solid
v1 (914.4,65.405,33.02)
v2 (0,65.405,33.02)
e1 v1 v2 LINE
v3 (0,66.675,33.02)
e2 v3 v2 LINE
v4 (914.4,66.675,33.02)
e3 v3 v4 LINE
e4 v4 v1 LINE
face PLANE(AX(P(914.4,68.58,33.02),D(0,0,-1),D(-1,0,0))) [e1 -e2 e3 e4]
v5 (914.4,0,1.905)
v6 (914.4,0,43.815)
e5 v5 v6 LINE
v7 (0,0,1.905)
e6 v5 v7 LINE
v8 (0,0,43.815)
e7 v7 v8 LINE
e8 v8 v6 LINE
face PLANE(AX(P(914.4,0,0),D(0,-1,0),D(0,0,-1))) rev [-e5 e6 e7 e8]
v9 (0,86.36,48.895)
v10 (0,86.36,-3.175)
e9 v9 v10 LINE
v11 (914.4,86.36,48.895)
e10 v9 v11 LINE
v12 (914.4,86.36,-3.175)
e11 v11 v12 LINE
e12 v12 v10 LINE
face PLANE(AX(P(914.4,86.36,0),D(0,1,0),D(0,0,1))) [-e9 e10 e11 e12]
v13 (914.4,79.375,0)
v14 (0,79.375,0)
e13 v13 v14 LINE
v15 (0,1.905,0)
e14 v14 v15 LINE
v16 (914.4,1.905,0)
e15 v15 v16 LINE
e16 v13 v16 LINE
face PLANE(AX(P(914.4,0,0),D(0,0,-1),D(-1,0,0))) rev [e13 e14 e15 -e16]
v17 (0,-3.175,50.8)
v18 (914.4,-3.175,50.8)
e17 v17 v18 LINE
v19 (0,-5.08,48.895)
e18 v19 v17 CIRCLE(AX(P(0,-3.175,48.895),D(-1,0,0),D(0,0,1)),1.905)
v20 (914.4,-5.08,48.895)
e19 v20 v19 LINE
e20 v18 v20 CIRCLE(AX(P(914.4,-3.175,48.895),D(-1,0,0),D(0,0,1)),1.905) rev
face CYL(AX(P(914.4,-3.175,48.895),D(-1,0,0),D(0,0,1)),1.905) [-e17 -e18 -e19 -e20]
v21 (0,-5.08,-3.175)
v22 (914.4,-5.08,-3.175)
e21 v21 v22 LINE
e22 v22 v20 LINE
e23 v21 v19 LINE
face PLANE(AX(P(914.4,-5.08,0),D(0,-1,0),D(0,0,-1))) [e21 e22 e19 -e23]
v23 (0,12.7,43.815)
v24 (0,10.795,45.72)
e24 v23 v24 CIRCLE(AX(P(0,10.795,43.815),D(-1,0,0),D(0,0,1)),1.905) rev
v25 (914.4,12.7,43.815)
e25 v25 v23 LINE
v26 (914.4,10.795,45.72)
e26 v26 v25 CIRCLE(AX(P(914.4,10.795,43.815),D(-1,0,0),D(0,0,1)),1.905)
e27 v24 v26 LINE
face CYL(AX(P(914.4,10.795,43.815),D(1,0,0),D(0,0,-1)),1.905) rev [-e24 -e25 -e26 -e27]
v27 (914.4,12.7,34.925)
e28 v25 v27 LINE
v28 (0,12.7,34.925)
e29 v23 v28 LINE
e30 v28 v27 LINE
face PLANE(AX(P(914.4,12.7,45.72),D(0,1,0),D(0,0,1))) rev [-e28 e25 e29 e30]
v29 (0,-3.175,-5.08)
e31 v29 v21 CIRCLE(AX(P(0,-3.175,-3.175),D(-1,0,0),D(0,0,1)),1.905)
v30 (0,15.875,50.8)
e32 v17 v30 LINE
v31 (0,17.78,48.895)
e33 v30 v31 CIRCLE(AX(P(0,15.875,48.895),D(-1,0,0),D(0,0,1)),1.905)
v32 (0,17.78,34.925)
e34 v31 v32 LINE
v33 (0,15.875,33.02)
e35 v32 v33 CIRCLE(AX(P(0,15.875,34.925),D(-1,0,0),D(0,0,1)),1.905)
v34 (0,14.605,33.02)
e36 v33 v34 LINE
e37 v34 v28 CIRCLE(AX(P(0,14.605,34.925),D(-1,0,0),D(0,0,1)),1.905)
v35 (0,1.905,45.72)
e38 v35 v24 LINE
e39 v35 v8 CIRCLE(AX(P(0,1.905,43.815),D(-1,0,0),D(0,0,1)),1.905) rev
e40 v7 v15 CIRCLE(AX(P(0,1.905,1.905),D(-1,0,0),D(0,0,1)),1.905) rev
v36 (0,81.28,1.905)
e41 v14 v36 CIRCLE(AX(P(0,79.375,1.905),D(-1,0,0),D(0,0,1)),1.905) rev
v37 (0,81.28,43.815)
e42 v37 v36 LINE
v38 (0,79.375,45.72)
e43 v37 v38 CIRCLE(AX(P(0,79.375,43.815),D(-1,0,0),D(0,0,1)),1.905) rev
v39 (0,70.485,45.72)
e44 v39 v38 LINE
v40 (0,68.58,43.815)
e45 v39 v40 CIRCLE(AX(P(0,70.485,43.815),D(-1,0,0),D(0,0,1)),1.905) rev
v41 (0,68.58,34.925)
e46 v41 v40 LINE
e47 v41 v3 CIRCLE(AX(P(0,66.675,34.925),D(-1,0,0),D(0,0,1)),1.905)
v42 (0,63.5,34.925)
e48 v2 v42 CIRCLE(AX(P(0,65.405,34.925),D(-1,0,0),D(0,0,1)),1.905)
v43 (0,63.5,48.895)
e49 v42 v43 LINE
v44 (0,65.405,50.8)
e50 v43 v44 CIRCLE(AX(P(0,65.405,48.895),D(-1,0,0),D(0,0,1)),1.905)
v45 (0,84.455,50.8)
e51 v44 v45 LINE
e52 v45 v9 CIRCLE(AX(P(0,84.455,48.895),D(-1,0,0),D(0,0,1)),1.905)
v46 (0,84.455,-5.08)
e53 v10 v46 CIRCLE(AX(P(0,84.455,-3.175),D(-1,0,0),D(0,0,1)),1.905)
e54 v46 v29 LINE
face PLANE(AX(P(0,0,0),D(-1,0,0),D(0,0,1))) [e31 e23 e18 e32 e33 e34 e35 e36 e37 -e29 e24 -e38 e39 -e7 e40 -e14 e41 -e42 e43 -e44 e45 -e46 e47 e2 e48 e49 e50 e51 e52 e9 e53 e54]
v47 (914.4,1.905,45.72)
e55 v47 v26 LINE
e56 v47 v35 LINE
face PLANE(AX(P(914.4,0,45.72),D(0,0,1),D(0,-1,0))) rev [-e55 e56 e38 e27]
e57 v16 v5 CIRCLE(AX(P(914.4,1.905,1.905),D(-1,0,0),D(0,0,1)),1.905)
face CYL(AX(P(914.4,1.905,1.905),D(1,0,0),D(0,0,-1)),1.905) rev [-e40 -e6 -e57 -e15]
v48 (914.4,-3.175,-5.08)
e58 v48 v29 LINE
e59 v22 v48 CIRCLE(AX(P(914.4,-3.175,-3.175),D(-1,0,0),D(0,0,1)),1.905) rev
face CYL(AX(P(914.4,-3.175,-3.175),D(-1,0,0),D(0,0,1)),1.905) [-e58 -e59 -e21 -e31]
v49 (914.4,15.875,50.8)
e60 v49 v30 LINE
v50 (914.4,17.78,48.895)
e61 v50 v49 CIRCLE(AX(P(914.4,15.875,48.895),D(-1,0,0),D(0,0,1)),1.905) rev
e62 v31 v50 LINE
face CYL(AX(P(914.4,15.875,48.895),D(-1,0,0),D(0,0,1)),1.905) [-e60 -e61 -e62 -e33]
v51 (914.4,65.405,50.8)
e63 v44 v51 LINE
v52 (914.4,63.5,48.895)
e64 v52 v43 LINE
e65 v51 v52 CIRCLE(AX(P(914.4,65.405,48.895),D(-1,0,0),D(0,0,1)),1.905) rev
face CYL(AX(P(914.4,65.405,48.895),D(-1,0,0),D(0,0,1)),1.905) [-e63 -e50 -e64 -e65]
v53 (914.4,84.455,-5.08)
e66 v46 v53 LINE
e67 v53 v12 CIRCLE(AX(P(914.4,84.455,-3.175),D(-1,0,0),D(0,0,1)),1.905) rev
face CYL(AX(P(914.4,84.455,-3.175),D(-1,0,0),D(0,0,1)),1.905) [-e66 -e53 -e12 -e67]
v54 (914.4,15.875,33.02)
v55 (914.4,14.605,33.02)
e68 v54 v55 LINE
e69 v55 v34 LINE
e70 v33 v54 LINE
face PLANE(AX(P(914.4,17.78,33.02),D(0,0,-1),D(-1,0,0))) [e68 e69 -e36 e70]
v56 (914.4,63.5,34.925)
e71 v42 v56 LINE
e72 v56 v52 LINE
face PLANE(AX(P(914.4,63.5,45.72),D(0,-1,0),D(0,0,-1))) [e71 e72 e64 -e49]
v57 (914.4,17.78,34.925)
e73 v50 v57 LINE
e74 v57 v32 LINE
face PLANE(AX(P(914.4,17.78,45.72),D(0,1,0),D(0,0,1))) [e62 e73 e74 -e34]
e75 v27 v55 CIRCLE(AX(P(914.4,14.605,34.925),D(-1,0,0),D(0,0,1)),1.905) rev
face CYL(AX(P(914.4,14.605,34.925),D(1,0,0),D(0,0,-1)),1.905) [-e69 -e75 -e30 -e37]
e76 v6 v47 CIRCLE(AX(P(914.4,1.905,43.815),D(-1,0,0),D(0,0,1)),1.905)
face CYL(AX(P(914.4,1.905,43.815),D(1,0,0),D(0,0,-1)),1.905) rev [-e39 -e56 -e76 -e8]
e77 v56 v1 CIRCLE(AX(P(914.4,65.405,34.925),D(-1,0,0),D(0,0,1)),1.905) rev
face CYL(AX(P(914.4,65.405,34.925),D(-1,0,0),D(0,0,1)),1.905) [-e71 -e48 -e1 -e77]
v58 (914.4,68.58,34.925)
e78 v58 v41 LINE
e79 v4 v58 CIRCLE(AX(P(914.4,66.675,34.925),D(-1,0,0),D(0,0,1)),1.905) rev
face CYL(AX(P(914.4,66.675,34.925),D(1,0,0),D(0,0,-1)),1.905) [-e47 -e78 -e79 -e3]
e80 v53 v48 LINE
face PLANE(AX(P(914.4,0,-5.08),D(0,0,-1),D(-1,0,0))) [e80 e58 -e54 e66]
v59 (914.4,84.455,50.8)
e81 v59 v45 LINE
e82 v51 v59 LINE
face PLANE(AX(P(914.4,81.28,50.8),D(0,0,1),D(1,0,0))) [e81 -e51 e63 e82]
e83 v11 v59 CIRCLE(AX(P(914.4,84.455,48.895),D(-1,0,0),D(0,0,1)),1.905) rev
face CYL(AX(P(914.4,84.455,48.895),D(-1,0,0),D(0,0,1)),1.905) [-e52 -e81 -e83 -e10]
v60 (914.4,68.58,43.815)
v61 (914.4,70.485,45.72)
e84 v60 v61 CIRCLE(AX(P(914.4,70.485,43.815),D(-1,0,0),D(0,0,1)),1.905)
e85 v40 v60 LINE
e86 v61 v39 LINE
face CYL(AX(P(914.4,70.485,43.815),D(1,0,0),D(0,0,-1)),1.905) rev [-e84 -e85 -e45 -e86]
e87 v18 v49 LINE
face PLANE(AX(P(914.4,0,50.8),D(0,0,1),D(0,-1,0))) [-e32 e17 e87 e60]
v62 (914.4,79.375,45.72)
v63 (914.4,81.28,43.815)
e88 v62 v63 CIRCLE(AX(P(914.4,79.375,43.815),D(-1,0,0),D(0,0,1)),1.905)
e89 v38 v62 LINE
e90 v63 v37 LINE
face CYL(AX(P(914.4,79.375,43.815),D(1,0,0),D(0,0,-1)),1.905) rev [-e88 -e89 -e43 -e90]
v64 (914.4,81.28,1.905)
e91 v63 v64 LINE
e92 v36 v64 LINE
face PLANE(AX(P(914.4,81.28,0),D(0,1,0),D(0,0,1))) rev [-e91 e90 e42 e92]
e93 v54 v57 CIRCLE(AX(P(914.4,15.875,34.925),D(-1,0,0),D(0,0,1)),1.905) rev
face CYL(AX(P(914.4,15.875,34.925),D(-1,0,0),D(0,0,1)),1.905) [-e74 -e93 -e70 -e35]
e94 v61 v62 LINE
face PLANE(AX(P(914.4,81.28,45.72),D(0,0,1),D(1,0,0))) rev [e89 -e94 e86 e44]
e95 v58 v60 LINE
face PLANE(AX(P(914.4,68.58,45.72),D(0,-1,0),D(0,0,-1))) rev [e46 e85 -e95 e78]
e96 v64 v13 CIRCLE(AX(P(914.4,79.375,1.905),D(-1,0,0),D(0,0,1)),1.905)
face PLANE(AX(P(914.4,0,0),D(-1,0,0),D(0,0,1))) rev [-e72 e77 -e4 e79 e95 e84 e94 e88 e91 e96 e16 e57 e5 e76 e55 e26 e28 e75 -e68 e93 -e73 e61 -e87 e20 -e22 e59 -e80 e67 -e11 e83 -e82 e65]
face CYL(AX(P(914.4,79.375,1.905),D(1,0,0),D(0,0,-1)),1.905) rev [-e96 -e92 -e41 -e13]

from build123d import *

# Parameters (mm, degrees)
EXTRUDE_THIN1_DEPTH = 914.4
FILLET1_R           = 1.905


with BuildPart() as part:
    # Sketch1 → Extrude-Thin1 (new body)
    with BuildSketch(Plane(origin=(0, 0, 0), x_dir=(0, 0, -1), z_dir=(1, 0, 0))):
        Polygon((-33.02, 12.7), (-45.72, 12.7), (-45.72, 0), (0, 0), (0, 81.28), (-45.72, 81.28), (-45.72, 68.58), (-33.02, 68.58), (-33.02, 63.5), (-50.8, 63.5), (-50.8, 86.36), (5.08, 86.36), (5.08, -5.08), (-50.8, -5.08), (-50.8, 17.78), (-33.02, 17.78), align=None)
    extrude(amount=EXTRUDE_THIN1_DEPTH)

    # Fillet1
    fillet1_edges = [part.edges().sort_by_distance(p)[0] for p in [
        (457.2, 12.7, 45.72),
        (457.2, 0, 45.72),
        (457.2, 0, 0),
        (457.2, 81.28, 0),
        (457.2, 81.28, 45.72),
        (457.2, 68.58, 45.72),
        (457.2, 68.58, 33.02),
        (457.2, 63.5, 33.02),
        (457.2, 63.5, 50.8),
        (457.2, 86.36, 50.8),
        (457.2, 86.36, -5.08),
        (457.2, -5.08, -5.08),
        (457.2, -5.08, 50.8),
        (457.2, 17.78, 50.8),
        (457.2, 17.78, 33.02),
        (457.2, 12.7, 33.02),
    ]]
    fillet(fillet1_edges, radius=FILLET1_R)


solid = part.part
